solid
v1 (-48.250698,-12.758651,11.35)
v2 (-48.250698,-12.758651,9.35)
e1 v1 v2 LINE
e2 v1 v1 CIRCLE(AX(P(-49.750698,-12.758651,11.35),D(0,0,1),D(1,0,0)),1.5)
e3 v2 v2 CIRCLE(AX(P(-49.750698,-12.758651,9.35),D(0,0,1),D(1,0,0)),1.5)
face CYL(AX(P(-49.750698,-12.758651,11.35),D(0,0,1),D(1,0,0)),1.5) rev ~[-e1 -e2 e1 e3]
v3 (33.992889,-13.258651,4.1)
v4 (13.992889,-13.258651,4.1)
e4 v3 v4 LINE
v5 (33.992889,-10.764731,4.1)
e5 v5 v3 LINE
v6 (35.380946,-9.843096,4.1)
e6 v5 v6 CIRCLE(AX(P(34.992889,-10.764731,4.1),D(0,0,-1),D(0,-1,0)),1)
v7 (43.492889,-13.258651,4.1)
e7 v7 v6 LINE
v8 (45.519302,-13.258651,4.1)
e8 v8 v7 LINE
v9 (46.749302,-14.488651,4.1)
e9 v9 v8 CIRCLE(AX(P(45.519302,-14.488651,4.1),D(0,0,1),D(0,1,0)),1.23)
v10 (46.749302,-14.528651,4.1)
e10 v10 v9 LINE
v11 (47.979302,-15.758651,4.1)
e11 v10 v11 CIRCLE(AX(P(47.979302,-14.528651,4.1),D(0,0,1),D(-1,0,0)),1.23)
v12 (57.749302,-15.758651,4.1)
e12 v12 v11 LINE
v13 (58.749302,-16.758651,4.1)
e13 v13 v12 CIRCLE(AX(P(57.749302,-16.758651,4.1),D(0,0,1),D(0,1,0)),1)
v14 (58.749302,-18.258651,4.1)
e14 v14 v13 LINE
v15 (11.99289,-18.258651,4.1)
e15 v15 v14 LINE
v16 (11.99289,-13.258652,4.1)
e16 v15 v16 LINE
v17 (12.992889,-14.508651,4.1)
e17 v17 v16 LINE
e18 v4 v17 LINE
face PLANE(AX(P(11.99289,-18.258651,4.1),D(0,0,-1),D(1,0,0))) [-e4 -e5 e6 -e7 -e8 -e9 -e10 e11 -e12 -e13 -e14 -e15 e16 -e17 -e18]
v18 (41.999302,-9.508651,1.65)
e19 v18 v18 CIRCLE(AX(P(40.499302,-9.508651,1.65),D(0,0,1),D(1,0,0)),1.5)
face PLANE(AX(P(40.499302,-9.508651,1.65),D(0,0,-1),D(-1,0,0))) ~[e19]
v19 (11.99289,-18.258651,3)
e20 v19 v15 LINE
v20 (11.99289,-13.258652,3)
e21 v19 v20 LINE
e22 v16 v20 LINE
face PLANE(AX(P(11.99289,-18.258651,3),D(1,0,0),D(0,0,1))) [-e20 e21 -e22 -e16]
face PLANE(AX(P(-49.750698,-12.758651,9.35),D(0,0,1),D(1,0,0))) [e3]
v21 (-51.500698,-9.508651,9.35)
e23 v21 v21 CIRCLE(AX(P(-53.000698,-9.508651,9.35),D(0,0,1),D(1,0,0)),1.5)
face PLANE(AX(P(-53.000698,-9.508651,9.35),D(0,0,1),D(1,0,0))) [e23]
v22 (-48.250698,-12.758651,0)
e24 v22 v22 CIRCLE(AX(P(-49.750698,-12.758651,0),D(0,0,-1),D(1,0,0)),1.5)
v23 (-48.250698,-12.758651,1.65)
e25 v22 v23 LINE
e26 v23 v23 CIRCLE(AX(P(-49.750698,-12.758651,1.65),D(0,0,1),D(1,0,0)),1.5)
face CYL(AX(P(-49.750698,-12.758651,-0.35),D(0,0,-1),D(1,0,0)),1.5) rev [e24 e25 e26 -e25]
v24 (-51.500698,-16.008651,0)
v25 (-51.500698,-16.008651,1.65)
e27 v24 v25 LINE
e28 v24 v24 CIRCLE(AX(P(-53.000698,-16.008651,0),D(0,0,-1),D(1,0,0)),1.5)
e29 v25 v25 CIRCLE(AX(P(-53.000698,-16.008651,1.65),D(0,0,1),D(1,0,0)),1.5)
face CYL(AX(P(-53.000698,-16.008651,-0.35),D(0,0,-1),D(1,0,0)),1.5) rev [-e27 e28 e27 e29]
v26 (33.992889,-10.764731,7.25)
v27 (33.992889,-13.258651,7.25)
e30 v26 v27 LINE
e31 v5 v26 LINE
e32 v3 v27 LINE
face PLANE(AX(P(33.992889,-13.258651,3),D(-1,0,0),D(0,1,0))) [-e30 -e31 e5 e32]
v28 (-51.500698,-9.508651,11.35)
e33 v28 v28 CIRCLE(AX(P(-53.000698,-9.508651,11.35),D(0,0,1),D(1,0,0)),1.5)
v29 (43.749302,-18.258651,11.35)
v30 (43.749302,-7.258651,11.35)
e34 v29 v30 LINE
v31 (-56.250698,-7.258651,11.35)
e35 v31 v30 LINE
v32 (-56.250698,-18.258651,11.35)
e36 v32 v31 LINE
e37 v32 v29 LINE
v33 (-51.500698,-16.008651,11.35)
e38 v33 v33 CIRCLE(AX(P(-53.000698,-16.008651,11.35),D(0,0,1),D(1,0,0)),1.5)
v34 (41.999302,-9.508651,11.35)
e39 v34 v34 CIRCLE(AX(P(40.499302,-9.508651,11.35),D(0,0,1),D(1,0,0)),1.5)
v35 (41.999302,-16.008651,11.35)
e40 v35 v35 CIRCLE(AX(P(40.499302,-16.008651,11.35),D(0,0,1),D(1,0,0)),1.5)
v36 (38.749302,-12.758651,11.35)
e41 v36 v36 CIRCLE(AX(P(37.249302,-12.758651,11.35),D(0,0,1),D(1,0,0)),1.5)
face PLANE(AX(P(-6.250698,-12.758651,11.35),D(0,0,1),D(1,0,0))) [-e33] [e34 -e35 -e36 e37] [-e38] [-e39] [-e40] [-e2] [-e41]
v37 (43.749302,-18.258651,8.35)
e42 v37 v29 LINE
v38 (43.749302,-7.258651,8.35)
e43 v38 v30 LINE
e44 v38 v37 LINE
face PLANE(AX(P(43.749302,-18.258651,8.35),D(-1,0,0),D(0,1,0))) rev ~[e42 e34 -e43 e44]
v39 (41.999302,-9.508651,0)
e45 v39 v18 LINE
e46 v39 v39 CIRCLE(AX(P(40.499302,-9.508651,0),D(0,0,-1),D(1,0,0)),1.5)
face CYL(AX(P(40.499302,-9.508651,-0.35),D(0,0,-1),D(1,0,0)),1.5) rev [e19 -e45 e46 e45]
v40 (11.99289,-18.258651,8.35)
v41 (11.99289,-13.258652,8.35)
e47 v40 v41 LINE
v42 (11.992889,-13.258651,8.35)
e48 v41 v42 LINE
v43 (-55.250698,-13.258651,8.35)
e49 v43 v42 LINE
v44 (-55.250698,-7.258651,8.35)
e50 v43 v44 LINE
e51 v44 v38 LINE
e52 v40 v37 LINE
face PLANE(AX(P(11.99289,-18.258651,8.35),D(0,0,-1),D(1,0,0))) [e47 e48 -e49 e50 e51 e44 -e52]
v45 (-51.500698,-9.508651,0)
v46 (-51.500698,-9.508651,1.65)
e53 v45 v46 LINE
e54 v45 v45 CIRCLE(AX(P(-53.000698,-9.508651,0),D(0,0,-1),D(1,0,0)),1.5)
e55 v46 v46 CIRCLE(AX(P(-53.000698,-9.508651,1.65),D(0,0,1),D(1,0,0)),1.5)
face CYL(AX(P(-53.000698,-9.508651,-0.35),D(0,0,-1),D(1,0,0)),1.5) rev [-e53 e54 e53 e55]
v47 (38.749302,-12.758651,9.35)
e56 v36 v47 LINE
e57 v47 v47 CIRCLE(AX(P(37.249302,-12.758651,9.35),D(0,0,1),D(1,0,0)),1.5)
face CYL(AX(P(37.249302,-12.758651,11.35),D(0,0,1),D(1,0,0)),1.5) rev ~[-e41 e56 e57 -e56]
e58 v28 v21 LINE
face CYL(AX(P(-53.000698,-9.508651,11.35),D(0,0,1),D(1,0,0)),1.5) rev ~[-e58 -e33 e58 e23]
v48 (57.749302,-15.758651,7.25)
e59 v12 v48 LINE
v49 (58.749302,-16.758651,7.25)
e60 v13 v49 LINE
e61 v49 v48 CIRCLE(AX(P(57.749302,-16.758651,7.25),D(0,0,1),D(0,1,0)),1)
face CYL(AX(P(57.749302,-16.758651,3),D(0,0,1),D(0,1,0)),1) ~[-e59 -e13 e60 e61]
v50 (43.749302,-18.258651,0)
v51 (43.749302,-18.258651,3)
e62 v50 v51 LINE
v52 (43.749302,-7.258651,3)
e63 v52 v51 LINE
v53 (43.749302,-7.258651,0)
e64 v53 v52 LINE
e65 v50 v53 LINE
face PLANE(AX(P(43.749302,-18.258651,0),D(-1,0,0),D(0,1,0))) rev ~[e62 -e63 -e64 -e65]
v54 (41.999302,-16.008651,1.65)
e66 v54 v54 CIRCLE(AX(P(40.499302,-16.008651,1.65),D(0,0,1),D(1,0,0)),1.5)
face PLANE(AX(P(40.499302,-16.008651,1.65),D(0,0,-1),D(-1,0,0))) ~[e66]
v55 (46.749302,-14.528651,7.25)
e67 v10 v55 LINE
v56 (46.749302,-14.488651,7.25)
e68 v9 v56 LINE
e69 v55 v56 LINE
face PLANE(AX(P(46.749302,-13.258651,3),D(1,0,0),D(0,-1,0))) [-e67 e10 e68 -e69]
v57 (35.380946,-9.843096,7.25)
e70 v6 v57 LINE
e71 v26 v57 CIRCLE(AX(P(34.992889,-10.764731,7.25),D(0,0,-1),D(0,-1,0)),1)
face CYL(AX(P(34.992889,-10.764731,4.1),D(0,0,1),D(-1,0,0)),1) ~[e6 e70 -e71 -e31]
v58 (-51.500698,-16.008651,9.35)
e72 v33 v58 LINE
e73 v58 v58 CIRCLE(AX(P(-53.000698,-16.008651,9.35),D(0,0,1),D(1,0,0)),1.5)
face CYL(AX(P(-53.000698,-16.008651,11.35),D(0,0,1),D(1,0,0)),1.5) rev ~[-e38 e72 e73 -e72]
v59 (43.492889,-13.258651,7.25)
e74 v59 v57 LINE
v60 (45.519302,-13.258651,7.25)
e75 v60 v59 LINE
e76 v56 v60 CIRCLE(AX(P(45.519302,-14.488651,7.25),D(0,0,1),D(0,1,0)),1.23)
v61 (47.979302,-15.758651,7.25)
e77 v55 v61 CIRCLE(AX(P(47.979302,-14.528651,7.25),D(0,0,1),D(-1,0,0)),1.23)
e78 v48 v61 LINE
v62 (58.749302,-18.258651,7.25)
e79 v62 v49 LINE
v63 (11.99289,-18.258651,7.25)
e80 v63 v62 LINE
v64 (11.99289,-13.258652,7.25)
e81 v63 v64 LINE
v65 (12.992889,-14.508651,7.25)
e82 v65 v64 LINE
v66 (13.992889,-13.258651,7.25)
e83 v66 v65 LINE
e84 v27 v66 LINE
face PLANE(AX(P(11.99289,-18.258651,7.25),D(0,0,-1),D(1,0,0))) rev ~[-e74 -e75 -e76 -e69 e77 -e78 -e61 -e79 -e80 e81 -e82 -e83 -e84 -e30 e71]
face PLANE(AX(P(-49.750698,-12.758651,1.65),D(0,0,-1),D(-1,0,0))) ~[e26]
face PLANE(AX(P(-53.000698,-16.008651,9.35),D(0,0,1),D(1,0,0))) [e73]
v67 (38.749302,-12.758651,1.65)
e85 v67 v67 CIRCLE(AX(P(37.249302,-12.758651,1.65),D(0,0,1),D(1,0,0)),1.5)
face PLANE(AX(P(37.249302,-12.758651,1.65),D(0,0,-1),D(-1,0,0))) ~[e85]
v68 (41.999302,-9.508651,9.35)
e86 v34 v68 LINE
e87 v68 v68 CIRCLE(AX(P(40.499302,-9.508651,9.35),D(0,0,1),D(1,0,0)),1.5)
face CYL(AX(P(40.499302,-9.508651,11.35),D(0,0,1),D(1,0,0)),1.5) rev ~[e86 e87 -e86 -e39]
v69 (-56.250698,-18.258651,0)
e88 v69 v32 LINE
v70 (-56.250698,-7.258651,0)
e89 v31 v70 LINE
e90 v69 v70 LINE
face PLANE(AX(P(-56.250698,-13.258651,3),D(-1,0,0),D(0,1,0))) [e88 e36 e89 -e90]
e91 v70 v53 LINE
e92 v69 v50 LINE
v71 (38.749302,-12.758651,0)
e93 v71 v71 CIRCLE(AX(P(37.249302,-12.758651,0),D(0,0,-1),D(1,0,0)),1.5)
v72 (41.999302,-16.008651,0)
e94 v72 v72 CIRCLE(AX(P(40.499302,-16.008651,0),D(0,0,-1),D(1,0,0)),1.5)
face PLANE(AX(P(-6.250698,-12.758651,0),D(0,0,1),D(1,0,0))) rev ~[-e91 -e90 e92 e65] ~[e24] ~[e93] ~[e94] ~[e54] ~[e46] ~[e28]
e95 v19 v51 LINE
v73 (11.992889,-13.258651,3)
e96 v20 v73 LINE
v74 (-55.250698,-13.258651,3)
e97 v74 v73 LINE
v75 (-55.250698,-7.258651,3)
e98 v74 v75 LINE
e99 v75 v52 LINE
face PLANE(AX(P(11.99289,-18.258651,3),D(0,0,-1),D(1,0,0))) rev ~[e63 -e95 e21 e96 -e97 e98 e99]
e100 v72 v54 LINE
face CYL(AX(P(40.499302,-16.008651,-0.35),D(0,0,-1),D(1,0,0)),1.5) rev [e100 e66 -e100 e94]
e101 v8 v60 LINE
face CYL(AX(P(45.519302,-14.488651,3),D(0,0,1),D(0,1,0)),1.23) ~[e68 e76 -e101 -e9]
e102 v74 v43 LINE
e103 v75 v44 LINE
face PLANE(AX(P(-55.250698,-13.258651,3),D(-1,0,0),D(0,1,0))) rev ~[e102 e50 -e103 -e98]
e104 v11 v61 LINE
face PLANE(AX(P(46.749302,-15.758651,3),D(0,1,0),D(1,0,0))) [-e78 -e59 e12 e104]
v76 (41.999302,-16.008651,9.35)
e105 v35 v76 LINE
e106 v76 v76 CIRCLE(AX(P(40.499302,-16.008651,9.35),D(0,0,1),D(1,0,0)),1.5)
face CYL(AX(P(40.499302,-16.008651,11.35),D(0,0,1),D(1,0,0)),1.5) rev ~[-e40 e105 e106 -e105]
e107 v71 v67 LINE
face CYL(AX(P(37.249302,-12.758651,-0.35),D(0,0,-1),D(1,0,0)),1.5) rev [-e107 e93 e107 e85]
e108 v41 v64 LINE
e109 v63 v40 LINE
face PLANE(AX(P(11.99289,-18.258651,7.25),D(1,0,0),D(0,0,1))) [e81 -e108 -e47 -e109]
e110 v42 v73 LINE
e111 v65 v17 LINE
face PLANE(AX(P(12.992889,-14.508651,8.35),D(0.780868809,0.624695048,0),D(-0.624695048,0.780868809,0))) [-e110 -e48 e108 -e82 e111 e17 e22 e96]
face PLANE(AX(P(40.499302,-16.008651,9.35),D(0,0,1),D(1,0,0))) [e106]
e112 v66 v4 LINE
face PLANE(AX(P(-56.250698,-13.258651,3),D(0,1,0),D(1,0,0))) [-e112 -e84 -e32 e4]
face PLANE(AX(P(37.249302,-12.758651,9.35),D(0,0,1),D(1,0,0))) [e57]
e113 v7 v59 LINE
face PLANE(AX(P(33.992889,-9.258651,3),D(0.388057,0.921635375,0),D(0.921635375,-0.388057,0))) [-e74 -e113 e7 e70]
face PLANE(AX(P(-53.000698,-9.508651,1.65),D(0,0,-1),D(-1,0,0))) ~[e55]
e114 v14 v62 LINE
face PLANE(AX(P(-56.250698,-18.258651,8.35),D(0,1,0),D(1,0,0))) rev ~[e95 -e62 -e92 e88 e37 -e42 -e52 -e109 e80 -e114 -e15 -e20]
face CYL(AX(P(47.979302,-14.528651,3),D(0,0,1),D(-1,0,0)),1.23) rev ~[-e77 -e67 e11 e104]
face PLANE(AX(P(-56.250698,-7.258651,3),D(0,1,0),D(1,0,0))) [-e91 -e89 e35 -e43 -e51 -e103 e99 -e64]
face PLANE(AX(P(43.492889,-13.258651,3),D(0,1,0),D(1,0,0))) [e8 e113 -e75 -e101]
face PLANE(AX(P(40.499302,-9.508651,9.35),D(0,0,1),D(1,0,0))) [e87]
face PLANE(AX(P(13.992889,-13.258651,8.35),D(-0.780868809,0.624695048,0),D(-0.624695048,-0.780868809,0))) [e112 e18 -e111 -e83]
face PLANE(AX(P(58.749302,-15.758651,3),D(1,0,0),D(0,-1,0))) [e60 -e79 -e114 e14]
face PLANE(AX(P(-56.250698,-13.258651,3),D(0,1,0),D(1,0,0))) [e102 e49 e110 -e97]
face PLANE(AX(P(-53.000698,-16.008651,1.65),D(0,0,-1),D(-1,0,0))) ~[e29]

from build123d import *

# Parameters (mm, degrees)
SKETCH008_W     = 100
SKETCH008_H     = 11
PAD006_DEPTH    = 3
PAD007_DEPTH    = 5.35
SKETCH010_W     = 100
SKETCH010_H     = 11
PAD008_DEPTH    = 3
POCKET002_DEPTH = 5.35
FILLET005_R     = 1.23
FILLET006_R     = 1
SKETCH014_W     = 46.756413
SKETCH014_H     = 1.1
POCKET004_DEPTH = 12
FILLET007_R     = 1
SKETCH015_R     = 1.5
POCKET005_DEPTH = 2
SKETCH018_W     = 1
SKETCH018_H     = 6
PAD011_DEPTH    = 5.35


with BuildPart() as part:
    # Sketch008 → Pad006 (new body)
    with BuildSketch(Plane.XY):
        with Locations((-6.250698, -12.758651)):
            Rectangle(SKETCH008_W, SKETCH008_H)
    extrude(amount=PAD006_DEPTH)

    # Sketch009 (on Face6 of Pad006) → Pad007 (join)
    with BuildSketch(Plane.XY.offset(3)):
        Polygon((-56.250698, -13.258651), (33.992889, -13.258651), (33.992889, -9.258651), (43.492889, -13.258651), (46.749302, -13.258651), (46.749302, -15.758651), (58.749302, -15.758651), (58.749302, -18.258651), (-56.250698, -18.258651), align=None)
    extrude(amount=PAD007_DEPTH)

    # Sketch010 (on Face14 of Pad007) → Pad008 (join)
    with BuildSketch(Plane.XY.offset(8.35)):
        with Locations((-6.250698, -12.758651)):
            Rectangle(SKETCH010_W, SKETCH010_H)
    extrude(amount=PAD008_DEPTH)

    # Sketch011 (on Face14 of Pad007) → Pocket002 (cut)
    with BuildSketch(Plane.XY.offset(8.35)):
        Polygon((13.992889, -13.258651), (12.992889, -14.508651), (11.992889, -13.258651), align=None)
    extrude(amount=-POCKET002_DEPTH, mode=Mode.SUBTRACT)

    # Fillet005
    fillet005_edges = [part.edges().sort_by_distance(p)[0] for p in [
        (46.749302, -13.258651, 5.675),
        (46.749302, -15.758651, 5.675),
    ]]
    fillet(fillet005_edges, radius=FILLET005_R)

    # Fillet006
    fillet006_edges = [part.edges().sort_by_distance(p)[0] for p in [
        (58.749302, -15.758651, 5.675),
    ]]
    fillet(fillet006_edges, radius=FILLET006_R)

    # Sketch014 (on Face7 of Fillet006) → Pocket004 (cut)
    with BuildSketch(Plane.XZ.offset(18.258651)):
        with Locations((35.371096, 7.8)):
            Rectangle(SKETCH014_W, SKETCH014_H)
        with Locations((35.371096, 3.55)):
            Rectangle(SKETCH014_W, SKETCH014_H)
    extrude(amount=-POCKET004_DEPTH, mode=Mode.SUBTRACT)

    # Fillet007
    fillet007_edges = [part.edges().sort_by_distance(p)[0] for p in [
        (33.992889, -9.258651, 5.675),
    ]]
    fillet(fillet007_edges, radius=FILLET007_R)

    # Sketch015 (on Face34 of Fillet007) → Pocket005 (cut)
    with BuildSketch(Plane.XY.offset(11.35)):
        with Locations((-53.000698, -9.508651)):
            Circle(SKETCH015_R)
        with Locations((-49.750698, -12.758651)):
            Circle(SKETCH015_R)
        with Locations((-53.000698, -16.008651)):
            Circle(SKETCH015_R)
        with Locations((40.499302, -9.508651)):
            Circle(SKETCH015_R)
        with Locations((37.249302, -12.758651)):
            Circle(SKETCH015_R)
        with Locations((40.499302, -16.008651)):
            Circle(SKETCH015_R)
    pocket005 = extrude(amount=-POCKET005_DEPTH, mode=Mode.SUBTRACT)

    # Mirrored: Pocket005 across face of ReferencePlane
    add(pocket005.mirror(Plane(origin=(-57, -18, 5.5), x_dir=(1, 0, 0), z_dir=(0, 0, 1))), mode=Mode.SUBTRACT)

    # Sketch018 (on Face24 of Mirrored) → Pad011 (join)
    with BuildSketch(Plane.XY.offset(3)):
        with Locations((-55.750698, -10.258651)):
            Rectangle(SKETCH018_W, SKETCH018_H)
    extrude(amount=PAD011_DEPTH)


solid = part.part
